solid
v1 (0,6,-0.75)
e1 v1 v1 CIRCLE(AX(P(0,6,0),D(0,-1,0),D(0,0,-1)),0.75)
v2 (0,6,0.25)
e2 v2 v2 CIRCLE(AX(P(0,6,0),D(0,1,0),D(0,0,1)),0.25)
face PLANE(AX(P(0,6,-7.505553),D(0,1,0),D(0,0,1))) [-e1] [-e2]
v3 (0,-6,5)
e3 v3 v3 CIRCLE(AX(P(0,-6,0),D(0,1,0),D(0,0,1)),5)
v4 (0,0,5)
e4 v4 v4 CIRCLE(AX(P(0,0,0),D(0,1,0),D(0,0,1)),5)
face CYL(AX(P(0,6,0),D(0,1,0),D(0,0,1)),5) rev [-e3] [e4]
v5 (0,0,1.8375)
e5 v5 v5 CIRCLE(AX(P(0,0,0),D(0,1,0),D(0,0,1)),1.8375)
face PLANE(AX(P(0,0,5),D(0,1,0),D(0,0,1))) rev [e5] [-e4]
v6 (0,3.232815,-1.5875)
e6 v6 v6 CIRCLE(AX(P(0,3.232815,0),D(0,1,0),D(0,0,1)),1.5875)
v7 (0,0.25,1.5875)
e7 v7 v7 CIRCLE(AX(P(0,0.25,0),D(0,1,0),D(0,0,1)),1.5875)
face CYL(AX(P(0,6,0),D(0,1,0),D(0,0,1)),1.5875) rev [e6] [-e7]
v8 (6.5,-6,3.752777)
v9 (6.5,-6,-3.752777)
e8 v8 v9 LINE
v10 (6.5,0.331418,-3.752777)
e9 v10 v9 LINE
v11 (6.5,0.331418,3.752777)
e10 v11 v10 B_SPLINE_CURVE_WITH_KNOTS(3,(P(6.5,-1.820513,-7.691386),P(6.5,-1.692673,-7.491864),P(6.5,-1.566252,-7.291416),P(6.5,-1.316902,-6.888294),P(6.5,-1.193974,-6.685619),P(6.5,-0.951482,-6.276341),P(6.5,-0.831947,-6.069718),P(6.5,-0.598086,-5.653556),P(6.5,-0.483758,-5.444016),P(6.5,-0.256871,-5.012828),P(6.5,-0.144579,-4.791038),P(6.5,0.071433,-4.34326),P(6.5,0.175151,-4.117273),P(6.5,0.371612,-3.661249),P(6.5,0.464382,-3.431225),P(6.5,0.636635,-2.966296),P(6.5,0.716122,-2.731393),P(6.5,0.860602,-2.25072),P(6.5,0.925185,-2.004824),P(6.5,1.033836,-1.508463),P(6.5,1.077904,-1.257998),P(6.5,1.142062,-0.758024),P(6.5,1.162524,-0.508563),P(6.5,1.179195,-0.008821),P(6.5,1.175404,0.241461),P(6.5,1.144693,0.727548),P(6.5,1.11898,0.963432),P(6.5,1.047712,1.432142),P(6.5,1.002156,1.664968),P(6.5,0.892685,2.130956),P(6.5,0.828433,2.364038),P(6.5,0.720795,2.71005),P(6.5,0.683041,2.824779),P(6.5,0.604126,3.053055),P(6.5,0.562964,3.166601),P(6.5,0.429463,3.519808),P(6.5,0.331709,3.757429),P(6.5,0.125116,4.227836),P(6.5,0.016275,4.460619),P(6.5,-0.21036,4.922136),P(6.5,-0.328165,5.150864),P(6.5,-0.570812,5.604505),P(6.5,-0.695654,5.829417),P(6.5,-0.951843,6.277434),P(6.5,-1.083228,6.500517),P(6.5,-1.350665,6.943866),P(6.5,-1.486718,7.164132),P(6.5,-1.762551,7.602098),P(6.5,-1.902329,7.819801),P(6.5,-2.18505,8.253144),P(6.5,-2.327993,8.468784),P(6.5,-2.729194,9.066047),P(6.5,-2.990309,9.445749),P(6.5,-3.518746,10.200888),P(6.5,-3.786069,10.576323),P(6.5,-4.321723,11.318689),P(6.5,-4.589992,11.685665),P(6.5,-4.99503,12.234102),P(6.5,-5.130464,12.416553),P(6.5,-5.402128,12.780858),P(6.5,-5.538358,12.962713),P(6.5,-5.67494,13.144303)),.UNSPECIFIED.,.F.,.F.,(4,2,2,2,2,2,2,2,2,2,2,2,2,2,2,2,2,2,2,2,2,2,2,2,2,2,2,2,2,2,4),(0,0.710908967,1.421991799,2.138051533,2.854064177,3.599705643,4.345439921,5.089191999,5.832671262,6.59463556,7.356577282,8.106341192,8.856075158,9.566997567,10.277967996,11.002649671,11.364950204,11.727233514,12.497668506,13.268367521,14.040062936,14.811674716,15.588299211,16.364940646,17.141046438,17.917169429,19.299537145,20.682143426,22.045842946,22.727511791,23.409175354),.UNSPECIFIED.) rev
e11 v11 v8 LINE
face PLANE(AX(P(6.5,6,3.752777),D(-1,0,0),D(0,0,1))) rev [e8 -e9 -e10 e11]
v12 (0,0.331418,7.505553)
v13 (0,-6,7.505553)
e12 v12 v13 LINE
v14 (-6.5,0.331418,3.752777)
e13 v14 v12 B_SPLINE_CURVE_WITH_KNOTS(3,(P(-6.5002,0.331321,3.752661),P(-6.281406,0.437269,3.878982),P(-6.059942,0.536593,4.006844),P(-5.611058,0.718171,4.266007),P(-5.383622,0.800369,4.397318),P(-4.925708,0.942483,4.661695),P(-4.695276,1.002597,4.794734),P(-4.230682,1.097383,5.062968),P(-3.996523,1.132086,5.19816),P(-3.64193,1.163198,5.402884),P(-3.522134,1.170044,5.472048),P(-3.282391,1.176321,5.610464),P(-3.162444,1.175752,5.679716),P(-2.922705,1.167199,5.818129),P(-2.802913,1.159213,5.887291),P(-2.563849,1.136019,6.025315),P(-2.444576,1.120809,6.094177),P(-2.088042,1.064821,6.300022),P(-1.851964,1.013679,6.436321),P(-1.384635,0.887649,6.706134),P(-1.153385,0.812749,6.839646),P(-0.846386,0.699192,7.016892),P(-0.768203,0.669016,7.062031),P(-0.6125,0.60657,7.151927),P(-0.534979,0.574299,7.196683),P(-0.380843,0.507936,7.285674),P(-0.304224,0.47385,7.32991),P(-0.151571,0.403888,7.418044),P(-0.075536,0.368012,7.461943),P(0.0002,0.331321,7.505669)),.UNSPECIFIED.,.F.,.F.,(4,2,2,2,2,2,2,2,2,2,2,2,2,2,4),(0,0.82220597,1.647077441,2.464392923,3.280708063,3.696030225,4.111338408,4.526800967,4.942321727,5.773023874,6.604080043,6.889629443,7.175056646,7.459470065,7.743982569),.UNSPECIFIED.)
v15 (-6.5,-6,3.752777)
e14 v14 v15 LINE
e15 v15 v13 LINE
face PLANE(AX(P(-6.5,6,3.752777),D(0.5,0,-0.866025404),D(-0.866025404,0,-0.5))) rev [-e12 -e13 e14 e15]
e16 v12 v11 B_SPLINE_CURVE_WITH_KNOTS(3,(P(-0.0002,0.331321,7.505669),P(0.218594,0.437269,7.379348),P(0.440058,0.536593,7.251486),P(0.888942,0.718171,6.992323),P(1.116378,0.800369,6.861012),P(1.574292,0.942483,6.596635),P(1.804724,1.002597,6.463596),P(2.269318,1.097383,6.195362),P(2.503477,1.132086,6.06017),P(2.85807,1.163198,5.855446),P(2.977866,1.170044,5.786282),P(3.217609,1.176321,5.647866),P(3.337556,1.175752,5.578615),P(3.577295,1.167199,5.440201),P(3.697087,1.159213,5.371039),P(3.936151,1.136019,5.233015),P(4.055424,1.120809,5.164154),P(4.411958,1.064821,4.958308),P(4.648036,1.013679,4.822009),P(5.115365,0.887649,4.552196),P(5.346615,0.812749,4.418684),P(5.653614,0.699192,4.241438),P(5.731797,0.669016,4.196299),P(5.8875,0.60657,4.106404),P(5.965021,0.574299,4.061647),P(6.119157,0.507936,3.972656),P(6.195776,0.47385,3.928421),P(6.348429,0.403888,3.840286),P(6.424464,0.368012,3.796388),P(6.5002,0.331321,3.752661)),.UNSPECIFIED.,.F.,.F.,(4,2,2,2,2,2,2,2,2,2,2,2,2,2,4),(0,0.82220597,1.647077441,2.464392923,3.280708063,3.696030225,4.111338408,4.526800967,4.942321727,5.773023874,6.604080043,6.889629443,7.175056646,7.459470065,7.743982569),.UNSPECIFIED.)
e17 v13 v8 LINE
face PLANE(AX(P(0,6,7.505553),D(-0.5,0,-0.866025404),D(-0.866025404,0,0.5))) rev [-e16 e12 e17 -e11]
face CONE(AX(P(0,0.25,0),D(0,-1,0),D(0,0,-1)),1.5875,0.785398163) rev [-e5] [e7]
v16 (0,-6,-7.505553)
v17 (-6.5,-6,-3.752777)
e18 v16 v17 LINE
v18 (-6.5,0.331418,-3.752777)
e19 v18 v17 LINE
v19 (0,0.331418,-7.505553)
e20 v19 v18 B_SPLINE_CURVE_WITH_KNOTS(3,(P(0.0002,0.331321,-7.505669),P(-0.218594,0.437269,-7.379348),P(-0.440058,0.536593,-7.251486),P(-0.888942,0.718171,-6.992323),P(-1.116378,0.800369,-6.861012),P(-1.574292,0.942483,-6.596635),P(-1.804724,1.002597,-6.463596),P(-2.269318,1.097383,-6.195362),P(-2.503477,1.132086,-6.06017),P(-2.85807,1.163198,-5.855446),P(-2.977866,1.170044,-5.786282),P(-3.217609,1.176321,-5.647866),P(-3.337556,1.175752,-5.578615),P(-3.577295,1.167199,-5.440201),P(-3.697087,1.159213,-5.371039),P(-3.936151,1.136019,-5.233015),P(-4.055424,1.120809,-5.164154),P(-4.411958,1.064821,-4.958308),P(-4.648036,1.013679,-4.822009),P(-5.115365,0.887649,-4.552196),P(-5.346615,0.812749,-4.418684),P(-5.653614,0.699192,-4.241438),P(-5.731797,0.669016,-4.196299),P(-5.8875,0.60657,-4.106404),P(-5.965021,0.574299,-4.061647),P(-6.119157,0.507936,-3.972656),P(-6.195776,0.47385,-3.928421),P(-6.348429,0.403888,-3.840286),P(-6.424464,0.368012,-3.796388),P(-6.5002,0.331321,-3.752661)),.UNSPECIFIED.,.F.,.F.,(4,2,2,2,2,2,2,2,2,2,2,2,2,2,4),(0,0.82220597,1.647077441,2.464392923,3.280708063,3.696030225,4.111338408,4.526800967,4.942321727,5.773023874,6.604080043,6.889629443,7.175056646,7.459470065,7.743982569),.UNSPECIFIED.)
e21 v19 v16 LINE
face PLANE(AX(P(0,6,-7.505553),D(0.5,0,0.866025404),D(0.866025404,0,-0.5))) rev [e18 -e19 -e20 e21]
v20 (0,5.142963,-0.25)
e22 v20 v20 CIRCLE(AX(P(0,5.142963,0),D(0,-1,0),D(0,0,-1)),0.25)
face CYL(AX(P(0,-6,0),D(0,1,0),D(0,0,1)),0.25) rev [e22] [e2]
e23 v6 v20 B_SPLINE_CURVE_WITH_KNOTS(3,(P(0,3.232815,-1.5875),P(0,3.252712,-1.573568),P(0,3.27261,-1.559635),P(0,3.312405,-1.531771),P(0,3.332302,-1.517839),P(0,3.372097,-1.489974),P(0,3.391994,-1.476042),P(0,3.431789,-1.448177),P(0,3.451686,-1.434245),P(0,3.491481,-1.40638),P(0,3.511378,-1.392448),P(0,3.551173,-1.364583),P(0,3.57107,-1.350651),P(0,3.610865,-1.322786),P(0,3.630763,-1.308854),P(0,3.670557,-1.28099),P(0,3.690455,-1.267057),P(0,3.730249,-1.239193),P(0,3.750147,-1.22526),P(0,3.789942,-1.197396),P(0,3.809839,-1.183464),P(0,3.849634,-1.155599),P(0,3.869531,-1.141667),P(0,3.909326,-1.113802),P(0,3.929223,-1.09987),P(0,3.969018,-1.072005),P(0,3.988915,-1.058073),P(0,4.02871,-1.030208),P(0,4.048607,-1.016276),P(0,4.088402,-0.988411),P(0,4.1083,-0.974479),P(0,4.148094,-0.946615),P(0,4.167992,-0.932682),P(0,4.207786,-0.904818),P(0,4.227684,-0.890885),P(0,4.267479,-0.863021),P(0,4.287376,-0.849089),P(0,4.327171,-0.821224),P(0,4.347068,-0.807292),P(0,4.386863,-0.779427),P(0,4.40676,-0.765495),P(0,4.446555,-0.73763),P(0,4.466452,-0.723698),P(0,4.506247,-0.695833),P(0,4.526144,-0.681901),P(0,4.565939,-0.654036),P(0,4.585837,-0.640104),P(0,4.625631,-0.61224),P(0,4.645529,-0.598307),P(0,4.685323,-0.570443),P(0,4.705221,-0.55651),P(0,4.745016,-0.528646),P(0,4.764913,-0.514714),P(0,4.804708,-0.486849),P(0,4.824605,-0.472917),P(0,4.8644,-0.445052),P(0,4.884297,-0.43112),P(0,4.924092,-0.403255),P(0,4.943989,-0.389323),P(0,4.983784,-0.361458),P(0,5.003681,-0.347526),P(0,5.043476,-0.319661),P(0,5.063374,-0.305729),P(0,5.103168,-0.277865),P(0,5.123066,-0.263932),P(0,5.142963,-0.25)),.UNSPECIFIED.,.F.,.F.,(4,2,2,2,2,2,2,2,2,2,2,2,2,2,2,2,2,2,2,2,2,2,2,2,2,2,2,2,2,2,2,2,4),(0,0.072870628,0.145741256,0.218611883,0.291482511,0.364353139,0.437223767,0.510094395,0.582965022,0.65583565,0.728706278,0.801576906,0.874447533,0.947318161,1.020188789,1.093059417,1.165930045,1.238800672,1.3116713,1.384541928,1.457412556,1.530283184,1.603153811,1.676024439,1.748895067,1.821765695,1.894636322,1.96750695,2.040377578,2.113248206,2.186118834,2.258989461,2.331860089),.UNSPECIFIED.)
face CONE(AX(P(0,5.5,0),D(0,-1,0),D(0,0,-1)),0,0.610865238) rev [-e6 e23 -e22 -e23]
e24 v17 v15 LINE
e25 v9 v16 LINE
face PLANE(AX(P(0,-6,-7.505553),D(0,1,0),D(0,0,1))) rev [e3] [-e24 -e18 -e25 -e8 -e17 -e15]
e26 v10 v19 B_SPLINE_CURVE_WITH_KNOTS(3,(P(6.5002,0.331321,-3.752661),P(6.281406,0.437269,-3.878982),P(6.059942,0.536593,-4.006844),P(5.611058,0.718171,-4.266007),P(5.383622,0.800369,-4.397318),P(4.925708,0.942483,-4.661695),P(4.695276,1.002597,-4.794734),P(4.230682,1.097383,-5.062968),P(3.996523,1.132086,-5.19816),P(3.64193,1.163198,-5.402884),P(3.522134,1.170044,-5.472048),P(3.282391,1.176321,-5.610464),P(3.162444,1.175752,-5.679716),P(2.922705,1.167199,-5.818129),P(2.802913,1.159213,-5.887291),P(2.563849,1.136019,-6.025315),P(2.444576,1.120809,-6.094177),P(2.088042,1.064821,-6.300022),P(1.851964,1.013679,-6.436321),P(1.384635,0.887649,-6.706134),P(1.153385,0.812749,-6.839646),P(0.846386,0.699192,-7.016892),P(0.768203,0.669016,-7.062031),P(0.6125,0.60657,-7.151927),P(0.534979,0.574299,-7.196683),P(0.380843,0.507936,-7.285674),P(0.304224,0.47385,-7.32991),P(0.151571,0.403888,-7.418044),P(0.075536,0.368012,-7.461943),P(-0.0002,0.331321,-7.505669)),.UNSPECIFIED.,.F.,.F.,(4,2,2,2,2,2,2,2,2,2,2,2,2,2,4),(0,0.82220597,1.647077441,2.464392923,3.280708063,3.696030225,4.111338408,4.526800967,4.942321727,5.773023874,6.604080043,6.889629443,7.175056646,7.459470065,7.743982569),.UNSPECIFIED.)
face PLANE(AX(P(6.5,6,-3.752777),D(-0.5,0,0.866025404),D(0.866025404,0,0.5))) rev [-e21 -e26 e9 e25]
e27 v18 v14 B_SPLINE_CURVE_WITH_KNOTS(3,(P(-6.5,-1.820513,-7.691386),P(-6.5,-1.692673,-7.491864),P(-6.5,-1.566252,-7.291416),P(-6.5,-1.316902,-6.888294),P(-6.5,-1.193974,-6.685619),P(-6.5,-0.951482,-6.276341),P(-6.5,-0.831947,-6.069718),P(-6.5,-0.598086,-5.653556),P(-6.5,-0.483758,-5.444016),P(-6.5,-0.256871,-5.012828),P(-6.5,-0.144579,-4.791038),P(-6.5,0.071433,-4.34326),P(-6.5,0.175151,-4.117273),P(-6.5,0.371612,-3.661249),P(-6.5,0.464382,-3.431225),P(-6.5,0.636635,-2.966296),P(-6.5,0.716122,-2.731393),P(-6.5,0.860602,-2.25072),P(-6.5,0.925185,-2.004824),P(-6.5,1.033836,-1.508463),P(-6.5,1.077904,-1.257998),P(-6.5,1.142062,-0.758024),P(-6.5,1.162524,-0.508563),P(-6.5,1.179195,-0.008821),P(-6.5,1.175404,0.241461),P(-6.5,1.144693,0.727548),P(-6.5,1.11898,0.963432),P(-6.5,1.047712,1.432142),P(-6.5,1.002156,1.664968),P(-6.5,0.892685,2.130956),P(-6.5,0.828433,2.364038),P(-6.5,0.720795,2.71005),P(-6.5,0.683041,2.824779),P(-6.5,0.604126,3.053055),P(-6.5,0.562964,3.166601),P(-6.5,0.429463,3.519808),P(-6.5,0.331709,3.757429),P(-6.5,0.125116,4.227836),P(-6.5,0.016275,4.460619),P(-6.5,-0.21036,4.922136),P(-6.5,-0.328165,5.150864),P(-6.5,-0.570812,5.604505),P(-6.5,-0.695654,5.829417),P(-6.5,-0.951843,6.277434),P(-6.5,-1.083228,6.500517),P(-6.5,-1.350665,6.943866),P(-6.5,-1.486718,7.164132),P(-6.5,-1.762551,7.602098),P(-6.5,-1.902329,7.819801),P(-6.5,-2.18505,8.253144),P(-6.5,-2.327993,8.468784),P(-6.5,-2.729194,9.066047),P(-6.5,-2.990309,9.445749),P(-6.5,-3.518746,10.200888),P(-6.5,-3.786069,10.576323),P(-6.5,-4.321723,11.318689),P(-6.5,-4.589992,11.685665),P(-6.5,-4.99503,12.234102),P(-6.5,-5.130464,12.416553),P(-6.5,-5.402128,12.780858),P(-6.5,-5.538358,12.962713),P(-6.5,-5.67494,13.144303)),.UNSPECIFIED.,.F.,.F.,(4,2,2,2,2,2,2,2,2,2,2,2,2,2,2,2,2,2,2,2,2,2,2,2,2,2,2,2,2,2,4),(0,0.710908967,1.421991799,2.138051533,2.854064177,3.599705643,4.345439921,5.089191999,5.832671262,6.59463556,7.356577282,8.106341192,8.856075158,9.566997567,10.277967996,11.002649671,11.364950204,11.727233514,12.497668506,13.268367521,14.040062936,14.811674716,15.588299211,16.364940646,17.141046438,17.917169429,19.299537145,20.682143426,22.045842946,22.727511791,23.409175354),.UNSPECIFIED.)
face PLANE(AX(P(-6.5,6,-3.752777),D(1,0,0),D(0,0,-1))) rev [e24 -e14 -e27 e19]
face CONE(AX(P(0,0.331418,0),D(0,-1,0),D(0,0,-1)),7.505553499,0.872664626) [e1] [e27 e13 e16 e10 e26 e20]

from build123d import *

# Parameters (mm, degrees)
BOSS_EXTRUDE1_DEPTH = 6
SKETCH3_R           = 0.25
CUT_EXTRUDE1_DEPTH  = 16.575086945


with BuildPart() as part:
    # Sketch1 → Boss-Extrude1 (new, symmetric)
    with BuildSketch(Plane(origin=(0, 0, 0), x_dir=(1, 0, 0), z_dir=(0, 1, 0))):
        Polygon((0, 7.505553499), (-6.5, 3.75277675), (-6.5, -3.75277675), (0, -7.505553499), (6.5, -3.75277675), (6.5, 3.75277675), align=None)
    extrude(amount=BOSS_EXTRUDE1_DEPTH, both=True)

    # Sketch2 → Cut-Revolve3 (revolve, cut)
    with BuildSketch(Plane.ZY):
        Polygon((-0.75, 6), (-7.505553499, 0.33141755), (-7.505553499, 6), align=None)
    revolve(axis=Axis((0, 0, 0), (0, 1, 0)), mode=Mode.SUBTRACT)

    # Sketch3 → Cut-Extrude1 (cut, through all)
    with BuildSketch(Plane(origin=(0, 6, 0), x_dir=(1, 0, 0), z_dir=(0, 1, 0))):
        with Locations(Location((0, 0, 0), (0, 0, 270))):
            Circle(SKETCH3_R)
    extrude(amount=-CUT_EXTRUDE1_DEPTH, mode=Mode.SUBTRACT)

    # Sketch4 → Cut-Revolve4 (revolve, cut)
    with BuildSketch(Plane(origin=(0, 0, 0), x_dir=(0, 0, -1), z_dir=(1, 0, 0))):
        Polygon((0, -6), (-5, -6), (-5, 0), (-1.8375, 0), (-1.5875, 0.25), (-1.5875, 3.232815039), (0, 5.5), align=None)
    revolve(axis=Axis((0, 6, 0), (0, -1, 0)), mode=Mode.SUBTRACT)


solid = part.part
